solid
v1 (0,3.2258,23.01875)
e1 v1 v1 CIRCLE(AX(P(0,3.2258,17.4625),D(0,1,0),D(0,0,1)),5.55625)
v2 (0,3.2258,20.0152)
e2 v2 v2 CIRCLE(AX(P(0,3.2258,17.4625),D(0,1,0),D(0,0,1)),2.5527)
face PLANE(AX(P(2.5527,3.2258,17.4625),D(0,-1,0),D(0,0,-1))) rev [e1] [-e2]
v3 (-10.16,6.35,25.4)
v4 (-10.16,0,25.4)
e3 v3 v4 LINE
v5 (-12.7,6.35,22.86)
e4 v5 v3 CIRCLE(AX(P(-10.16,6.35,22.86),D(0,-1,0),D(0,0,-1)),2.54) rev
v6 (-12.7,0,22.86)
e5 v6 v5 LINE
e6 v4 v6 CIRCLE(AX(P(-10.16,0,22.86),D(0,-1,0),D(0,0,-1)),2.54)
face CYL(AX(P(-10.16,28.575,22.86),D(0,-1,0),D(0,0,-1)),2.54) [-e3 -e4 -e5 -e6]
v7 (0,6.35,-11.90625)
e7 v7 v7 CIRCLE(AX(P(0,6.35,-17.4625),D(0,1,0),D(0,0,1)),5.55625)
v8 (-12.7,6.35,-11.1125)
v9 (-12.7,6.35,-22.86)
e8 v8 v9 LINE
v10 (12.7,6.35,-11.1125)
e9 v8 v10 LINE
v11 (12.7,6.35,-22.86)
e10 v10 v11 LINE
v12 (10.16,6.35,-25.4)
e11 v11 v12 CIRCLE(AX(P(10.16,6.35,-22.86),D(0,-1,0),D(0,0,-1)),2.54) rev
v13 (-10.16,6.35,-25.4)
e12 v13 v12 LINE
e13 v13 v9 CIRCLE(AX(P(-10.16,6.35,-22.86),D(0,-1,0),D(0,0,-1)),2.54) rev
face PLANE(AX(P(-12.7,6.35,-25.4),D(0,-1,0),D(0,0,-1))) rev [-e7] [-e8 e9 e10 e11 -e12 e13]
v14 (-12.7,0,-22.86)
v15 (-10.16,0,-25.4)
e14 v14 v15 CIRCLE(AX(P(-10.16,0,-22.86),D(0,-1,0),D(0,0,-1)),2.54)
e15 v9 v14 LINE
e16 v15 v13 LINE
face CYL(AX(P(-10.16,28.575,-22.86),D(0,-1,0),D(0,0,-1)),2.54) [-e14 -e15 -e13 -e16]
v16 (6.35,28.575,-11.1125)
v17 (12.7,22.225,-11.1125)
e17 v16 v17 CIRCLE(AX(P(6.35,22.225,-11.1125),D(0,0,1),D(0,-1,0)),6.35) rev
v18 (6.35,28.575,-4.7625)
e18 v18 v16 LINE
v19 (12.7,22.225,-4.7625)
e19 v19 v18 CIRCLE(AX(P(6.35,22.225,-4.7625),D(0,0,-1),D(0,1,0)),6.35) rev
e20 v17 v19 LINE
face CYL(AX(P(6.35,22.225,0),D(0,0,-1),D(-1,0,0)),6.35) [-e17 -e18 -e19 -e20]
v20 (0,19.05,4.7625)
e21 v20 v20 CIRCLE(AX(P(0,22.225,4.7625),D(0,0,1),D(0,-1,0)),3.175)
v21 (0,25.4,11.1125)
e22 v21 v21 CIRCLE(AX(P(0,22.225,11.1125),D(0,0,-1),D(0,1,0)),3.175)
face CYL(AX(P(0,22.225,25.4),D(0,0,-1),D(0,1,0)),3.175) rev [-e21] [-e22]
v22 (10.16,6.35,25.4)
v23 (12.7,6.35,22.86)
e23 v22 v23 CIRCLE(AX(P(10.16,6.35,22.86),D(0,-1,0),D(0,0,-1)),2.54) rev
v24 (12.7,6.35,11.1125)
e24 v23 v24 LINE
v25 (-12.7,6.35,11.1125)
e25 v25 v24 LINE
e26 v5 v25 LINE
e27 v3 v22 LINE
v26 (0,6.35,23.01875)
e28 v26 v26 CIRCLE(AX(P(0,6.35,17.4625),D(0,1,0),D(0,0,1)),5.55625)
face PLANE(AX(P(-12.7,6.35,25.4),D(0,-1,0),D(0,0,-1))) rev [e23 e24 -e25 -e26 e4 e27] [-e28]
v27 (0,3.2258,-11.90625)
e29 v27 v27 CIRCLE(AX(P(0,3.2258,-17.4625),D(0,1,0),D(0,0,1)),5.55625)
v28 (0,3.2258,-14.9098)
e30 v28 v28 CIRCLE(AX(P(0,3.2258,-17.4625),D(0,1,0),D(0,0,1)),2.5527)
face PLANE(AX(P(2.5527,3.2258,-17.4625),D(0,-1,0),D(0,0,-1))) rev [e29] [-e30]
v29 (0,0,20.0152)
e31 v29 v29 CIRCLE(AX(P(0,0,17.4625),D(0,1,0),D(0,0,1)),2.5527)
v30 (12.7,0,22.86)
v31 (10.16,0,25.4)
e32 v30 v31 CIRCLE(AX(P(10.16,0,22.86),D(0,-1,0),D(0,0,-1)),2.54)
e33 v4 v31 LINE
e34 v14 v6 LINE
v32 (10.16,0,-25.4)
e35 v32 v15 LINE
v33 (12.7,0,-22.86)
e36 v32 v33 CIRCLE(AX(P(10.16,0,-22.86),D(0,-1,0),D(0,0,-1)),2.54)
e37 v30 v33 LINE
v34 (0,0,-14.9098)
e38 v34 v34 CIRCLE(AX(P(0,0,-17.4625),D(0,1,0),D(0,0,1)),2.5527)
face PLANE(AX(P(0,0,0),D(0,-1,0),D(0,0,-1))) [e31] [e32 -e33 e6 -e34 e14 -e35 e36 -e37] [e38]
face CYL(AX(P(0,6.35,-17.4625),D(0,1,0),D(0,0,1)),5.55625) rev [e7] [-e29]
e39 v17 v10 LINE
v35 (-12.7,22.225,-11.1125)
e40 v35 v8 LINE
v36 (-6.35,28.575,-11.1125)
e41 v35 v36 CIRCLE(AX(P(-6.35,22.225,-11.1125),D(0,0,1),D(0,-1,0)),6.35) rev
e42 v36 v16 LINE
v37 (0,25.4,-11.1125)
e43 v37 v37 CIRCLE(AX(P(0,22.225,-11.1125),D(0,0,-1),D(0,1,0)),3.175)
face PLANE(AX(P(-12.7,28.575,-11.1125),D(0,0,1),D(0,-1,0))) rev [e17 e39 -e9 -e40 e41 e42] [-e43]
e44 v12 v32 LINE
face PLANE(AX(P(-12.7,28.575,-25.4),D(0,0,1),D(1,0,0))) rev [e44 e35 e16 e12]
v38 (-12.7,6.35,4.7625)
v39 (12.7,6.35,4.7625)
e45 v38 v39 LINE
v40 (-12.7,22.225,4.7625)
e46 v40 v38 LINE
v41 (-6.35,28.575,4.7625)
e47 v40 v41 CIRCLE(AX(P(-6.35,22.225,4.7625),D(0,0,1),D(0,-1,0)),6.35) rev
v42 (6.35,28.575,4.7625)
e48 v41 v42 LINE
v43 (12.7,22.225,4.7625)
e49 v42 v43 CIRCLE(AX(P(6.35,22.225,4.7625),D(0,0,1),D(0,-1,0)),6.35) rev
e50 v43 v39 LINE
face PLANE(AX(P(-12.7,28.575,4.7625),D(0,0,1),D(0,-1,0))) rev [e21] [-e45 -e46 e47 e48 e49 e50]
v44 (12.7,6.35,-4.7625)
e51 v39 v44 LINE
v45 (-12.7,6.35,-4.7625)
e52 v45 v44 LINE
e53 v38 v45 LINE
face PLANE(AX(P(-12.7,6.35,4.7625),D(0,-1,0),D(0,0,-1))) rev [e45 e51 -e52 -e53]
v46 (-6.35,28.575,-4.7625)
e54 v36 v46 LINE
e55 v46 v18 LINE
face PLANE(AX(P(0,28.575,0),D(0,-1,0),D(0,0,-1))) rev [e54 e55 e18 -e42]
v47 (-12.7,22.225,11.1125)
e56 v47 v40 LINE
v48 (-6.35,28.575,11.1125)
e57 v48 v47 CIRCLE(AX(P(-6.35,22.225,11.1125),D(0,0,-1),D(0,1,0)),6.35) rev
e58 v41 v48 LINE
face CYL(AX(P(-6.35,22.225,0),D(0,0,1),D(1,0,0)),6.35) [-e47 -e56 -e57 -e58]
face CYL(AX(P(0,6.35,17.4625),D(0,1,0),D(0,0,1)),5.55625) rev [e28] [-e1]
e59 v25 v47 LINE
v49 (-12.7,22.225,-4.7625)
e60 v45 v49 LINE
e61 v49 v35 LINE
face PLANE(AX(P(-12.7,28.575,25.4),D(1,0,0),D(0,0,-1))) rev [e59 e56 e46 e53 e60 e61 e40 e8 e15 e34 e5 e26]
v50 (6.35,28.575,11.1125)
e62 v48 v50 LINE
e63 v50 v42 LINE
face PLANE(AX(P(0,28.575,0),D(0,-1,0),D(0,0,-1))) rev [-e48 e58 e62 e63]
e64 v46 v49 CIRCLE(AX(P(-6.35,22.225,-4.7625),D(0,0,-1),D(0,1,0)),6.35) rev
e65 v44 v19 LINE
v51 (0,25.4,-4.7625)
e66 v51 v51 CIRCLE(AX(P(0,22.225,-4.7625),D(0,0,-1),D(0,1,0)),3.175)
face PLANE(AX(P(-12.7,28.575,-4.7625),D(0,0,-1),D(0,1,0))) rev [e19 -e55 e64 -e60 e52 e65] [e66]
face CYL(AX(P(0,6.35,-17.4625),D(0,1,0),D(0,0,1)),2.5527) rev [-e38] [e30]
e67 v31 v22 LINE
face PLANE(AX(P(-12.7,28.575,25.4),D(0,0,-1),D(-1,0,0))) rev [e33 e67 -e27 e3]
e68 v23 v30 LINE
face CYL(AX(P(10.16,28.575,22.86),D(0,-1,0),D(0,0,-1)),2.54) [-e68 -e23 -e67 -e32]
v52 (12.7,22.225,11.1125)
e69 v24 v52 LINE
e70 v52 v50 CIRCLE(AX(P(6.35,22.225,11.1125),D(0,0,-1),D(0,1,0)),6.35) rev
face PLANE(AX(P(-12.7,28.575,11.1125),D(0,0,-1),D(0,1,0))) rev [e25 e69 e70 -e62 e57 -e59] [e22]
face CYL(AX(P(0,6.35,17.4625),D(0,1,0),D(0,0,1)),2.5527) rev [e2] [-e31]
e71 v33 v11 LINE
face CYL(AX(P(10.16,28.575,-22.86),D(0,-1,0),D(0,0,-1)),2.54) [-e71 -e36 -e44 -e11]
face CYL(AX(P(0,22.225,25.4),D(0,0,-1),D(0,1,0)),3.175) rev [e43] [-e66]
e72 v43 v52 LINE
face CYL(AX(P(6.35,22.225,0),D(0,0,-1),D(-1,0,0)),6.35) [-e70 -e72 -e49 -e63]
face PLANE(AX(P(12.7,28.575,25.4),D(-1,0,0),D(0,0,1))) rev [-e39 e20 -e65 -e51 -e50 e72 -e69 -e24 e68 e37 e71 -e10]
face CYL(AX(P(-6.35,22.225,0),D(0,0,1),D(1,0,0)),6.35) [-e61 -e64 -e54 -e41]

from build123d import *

# Parameters (mm, degrees)
SKETCH2_W                                           = 25.4
SKETCH2_H                                           = 50.8
BOSS_EXTRUDE2_DEPTH                                 = 28.575
SKETCH3_W                                           = 14.2875
SKETCH3_H                                           = 22.225
SKETCH3_W_2                                         = 9.525
CUT_EXTRUDE1_DEPTH                                  = 26.4
CBORE_FOR_10_BINDING_HEAD_MACHINE_SCREW_D           = 5.1054
CBORE_FOR_10_BINDING_HEAD_MACHINE_SCREW_DEPTH       = 6.35
CBORE_FOR_10_BINDING_HEAD_MACHINE_SCREW_CBORE_D     = 11.1125
CBORE_FOR_10_BINDING_HEAD_MACHINE_SCREW_CBORE_DEPTH = 3.1242
CBORE_FOR_10_BINDING_HEAD_MACHINE_SCREW_TIP         = 1.533816902
SKETCH8_R                                           = 3.175
CUT_EXTRUDE3_DEPTH                                  = 37.5125
FILLET1_R                                           = 6.35
FILLET2_R                                           = 2.54


with BuildPart() as part:
    # Sketch2 → Boss-Extrude2 (new body)
    with BuildSketch(Plane(origin=(0, 0, 0), x_dir=(1, 0, 0), z_dir=(0, 1, 0))):
        Rectangle(SKETCH2_W, SKETCH2_H)
    extrude(amount=BOSS_EXTRUDE2_DEPTH)

    # Sketch3 → Cut-Extrude1 (cut, through all)
    with BuildSketch(Plane(origin=(12.7, 0, 0), x_dir=(0, 0, -1), z_dir=(1, 0, 0))):
        with Locations((-18.25625, 17.4625)):
            Rectangle(SKETCH3_W, SKETCH3_H)
        with Locations((18.25625, 17.4625)):
            Rectangle(SKETCH3_W, SKETCH3_H)
        with Locations((0, 17.4625)):
            Rectangle(SKETCH3_W_2, SKETCH3_H)
    extrude(amount=-CUT_EXTRUDE1_DEPTH, mode=Mode.SUBTRACT)

    # CBORE for #10 Binding Head Machine Screw1
    with Locations(Plane(origin=(0, 6.35, 0), x_dir=(1, 0, 0), z_dir=(0, 1, 0))):
        with Locations((0, -17.4625), (0, 17.4625)):
            CounterBoreHole(CBORE_FOR_10_BINDING_HEAD_MACHINE_SCREW_D / 2, CBORE_FOR_10_BINDING_HEAD_MACHINE_SCREW_CBORE_D / 2, CBORE_FOR_10_BINDING_HEAD_MACHINE_SCREW_CBORE_DEPTH, depth=CBORE_FOR_10_BINDING_HEAD_MACHINE_SCREW_DEPTH)
            with Locations((0, 0, -(CBORE_FOR_10_BINDING_HEAD_MACHINE_SCREW_DEPTH + CBORE_FOR_10_BINDING_HEAD_MACHINE_SCREW_TIP / 2))):  # 118° drill point
                Cone(0, CBORE_FOR_10_BINDING_HEAD_MACHINE_SCREW_D / 2, CBORE_FOR_10_BINDING_HEAD_MACHINE_SCREW_TIP, mode=Mode.SUBTRACT)

    # Sketch8 → Cut-Extrude3 (cut, through all)
    with BuildSketch(Plane(origin=(0, 0, -11.1125), x_dir=(-1, 0, 0), z_dir=(0, 0, -1))):
        with Locations((0, 22.225)):
            Circle(SKETCH8_R)
    extrude(amount=-CUT_EXTRUDE3_DEPTH, mode=Mode.SUBTRACT)

    # Fillet1
    fillet1_edges = [part.edges().sort_by_distance(p)[0] for p in [
        (12.7, 28.575, 7.9375),
        (-12.7, 28.575, -7.9375),
        (-12.7, 28.575, 7.9375),
        (12.7, 28.575, -7.9375),
    ]]
    fillet(fillet1_edges, radius=FILLET1_R)

    # Fillet2
    fillet2_edges = [part.edges().sort_by_distance(p)[0] for p in [
        (12.7, 3.175, 25.4),
        (-12.7, 3.175, 25.4),
        (-12.7, 3.175, -25.4),
        (12.7, 3.175, -25.4),
    ]]
    fillet(fillet2_edges, radius=FILLET2_R)


solid = part.part
